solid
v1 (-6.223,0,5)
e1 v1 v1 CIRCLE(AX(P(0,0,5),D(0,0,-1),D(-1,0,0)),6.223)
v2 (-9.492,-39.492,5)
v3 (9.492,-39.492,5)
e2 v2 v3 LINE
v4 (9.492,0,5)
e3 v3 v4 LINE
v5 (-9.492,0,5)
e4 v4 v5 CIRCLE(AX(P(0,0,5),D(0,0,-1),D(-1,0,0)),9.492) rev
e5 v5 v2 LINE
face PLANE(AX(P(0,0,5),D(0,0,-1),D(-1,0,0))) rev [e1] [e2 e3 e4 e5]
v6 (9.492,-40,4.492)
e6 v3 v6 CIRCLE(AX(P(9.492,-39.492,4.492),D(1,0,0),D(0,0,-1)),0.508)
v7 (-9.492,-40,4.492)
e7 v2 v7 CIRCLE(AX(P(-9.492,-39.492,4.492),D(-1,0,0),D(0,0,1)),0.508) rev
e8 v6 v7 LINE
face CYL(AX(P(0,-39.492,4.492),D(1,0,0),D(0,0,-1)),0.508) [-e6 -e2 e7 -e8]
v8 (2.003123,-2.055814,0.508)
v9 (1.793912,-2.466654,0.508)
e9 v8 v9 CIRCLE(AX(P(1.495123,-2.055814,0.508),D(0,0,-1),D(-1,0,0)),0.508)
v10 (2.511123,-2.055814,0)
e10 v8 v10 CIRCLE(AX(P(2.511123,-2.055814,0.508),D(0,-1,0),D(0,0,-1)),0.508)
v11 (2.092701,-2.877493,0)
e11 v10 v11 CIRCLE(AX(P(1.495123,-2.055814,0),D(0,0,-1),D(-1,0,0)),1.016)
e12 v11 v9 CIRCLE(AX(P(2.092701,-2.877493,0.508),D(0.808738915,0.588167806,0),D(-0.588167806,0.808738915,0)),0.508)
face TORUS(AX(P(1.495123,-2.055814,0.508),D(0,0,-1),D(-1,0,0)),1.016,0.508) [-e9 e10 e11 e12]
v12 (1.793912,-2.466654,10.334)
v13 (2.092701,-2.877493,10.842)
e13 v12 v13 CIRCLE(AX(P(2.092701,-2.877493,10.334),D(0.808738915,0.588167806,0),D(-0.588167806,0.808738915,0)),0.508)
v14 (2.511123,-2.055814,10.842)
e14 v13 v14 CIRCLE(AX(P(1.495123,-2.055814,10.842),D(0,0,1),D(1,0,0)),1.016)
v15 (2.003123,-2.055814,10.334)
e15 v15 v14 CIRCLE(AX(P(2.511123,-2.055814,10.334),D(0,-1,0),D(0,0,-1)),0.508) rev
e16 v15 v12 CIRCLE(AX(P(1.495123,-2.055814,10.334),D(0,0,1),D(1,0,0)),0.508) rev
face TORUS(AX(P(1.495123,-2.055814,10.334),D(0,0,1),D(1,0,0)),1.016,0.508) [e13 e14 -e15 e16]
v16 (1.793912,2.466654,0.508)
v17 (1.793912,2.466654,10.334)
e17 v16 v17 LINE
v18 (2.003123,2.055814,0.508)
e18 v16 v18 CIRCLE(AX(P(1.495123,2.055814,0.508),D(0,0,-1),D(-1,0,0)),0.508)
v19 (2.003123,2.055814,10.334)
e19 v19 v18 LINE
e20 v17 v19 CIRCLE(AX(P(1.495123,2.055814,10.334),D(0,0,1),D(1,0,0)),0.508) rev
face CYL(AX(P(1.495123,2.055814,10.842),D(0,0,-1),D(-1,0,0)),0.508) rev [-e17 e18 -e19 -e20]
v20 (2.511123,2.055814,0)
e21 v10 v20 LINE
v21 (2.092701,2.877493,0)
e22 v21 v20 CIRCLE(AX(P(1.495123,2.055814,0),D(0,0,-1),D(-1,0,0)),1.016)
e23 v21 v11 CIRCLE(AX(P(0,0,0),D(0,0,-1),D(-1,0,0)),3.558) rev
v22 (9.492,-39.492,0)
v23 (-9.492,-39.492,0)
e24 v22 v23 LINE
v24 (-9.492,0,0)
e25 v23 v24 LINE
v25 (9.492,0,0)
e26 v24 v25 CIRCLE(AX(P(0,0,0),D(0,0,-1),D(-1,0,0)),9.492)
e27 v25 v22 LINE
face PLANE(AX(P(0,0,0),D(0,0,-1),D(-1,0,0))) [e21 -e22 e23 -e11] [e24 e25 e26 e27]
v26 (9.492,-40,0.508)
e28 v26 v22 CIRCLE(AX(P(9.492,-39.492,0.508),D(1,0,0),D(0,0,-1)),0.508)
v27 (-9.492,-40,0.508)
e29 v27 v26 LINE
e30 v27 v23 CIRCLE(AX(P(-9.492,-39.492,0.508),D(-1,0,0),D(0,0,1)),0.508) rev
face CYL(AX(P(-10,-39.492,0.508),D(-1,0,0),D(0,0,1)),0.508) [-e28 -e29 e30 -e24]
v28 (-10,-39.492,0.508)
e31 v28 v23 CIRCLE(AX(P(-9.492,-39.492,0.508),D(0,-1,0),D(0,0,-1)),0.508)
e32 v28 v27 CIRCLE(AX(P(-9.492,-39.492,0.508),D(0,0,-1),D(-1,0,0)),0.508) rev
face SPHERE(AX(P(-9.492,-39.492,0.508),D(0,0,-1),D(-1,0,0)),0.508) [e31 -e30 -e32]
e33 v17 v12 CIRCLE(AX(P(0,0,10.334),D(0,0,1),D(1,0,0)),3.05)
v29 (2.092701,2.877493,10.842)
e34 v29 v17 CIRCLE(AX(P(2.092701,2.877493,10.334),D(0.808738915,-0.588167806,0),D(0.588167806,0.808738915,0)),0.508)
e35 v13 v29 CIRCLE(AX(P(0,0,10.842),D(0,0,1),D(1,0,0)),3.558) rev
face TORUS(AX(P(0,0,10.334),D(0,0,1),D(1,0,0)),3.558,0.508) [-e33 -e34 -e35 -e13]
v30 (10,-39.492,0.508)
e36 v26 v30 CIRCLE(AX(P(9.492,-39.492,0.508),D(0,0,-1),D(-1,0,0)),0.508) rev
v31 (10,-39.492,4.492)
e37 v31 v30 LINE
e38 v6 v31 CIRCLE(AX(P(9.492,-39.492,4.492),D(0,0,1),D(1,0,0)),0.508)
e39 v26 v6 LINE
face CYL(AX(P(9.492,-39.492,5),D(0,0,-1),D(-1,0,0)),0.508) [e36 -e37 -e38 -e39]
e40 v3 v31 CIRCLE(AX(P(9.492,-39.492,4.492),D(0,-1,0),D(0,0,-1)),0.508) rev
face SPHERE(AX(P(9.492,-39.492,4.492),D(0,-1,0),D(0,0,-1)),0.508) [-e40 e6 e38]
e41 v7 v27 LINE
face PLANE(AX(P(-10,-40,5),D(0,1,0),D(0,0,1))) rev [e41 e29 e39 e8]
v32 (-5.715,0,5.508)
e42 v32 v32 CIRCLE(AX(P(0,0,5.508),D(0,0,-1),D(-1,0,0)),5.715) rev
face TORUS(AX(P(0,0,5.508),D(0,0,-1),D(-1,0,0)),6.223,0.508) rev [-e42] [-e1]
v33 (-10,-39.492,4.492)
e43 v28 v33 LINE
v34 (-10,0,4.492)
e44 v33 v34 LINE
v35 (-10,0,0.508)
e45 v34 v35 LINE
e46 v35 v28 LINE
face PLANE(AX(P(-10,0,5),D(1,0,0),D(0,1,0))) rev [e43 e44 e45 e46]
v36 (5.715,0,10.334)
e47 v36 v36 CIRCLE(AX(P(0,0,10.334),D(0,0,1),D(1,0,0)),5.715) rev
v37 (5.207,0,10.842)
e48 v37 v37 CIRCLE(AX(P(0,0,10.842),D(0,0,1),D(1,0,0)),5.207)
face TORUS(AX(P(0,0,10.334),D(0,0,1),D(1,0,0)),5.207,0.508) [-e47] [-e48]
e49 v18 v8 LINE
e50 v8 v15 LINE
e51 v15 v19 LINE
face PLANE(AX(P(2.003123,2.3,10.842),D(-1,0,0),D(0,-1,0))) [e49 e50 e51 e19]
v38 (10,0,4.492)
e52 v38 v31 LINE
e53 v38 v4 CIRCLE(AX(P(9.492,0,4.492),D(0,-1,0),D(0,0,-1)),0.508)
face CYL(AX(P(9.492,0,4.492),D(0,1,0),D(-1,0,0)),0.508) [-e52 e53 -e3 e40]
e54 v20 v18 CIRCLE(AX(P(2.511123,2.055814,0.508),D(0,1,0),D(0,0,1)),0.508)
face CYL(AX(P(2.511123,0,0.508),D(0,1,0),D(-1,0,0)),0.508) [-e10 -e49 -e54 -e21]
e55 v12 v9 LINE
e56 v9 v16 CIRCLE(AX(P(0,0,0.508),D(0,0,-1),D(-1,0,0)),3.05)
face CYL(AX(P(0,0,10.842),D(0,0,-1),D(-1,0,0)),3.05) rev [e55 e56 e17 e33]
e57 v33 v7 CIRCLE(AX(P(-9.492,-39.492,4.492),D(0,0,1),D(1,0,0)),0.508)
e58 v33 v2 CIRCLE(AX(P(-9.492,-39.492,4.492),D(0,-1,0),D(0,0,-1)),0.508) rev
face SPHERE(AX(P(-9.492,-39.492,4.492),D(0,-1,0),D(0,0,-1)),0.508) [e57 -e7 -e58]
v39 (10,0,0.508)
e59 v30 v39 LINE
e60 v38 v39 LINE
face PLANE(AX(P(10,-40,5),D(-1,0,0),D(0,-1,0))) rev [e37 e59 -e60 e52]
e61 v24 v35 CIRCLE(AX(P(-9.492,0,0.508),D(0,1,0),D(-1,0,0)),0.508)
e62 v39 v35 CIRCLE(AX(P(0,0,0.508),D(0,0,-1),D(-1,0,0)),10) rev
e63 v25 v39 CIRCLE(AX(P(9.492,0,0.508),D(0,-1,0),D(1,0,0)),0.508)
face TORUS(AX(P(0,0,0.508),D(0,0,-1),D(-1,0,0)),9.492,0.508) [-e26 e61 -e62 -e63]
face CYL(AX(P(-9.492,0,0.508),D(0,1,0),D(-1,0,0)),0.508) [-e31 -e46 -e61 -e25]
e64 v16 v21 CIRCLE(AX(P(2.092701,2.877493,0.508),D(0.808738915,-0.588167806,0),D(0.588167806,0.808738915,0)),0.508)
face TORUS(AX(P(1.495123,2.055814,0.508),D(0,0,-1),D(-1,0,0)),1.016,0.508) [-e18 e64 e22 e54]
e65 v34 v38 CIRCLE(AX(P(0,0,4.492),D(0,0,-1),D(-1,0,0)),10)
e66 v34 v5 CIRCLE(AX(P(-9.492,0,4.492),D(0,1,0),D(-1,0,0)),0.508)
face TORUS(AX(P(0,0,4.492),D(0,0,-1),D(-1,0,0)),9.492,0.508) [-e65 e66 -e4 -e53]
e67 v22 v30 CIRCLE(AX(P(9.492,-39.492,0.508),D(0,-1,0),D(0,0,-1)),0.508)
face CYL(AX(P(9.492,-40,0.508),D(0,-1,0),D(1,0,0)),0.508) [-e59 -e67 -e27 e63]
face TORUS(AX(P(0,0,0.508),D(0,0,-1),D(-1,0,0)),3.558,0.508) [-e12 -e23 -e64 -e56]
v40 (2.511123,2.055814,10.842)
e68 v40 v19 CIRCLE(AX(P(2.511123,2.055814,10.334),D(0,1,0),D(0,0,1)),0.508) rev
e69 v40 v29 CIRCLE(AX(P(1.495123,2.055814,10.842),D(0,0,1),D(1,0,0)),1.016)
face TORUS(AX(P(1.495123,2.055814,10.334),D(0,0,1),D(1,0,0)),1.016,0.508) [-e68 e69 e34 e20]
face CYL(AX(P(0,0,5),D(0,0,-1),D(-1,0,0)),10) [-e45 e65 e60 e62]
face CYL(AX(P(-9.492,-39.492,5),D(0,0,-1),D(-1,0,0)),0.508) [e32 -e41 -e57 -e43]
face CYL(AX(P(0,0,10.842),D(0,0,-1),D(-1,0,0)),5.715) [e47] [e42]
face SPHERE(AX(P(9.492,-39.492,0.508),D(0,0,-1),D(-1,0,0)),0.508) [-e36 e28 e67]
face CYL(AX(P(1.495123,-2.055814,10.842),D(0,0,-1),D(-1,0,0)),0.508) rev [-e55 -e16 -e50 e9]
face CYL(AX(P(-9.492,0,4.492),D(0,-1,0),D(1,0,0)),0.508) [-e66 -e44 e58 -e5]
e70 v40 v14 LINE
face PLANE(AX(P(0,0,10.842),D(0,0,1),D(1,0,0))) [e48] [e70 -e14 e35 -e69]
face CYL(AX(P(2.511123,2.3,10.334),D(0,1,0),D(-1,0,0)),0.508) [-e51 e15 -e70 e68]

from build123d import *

# Parameters (mm, degrees)
BOSS_EXTRUDE1_DEPTH = 5
SKETCH2_R           = 5.715
BOSS_EXTRUDE2_DEPTH = 5.842
CUT_EXTRUDE1_REACH  = 43.643
FILLET1_R           = 0.508


with BuildPart() as part:
    # Sketch1 → Boss-Extrude1 (new body)
    with BuildSketch(Plane.XY):
        with BuildLine():
            Line((-10, 0), (-10, -40))
            Line((-10, -40), (10, -40))
            Line((10, -40), (10, 0))
            ThreePointArc((10, 0), (0, 10), (-10, 0))
        make_face()
    extrude(amount=BOSS_EXTRUDE1_DEPTH)

    # Sketch2 → Boss-Extrude2 (add)
    with BuildSketch(Plane.XY.offset(5)):
        with Locations(Location((0, 0, 0), (0, 0, 180))):
            Circle(SKETCH2_R)
        with BuildLine():
            Line((2.003122562, 2.3), (2.003122562, -2.3))
            ThreePointArc((2.003122562, -2.3), (-3.05, 0), (2.003122562, 2.3))
        make_face(mode=Mode.SUBTRACT)
    extrude(amount=BOSS_EXTRUDE2_DEPTH)

    # Sketch3 → Cut-Extrude1 (cut, up to next)
    with BuildSketch(Plane.XY.offset(5), mode=Mode.PRIVATE) as cut_extrude1_sk1:
        with BuildLine():
            Line((2.003122562, 2.3), (2.003122562, -2.3))
            ThreePointArc((2.003122562, -2.3), (-3.05, 0), (2.003122562, 2.3))
        make_face()
    cut_extrude1_tool1 = extrude(cut_extrude1_sk1.sketch, amount=-CUT_EXTRUDE1_REACH, mode=Mode.PRIVATE) & part.part
    add(cut_extrude1_tool1.solids().sort_by_distance((-0.313362, 0, 5))[0], mode=Mode.SUBTRACT)

    # Fillet1
    fillet1_edges = [part.edges().sort_by_distance(p)[0] for p in [
        (0, -40, 5),
        (5.715, 0, 5),
        (5.715, 0, 10.842),
        (10, -20, 5),
        (-3.05, 0, 10.842),
        (2.003122562, -2.3, 5.421),
        (2.003122562, 0, 10.842),
        (2.003122562, 2.3, 5.421),
        (-3.05, 0, 0),
        (2.003122562, 0, 0),
        (0, 10, 5),
        (10, -20, 0),
        (0, -40, 0),
        (-10, -20, 0),
        (0, 10, 0),
        (10, -40, 2.5),
        (-10, -40, 2.5),
        (-10, -20, 5),
    ]]
    fillet(fillet1_edges, radius=FILLET1_R)


solid = part.part
